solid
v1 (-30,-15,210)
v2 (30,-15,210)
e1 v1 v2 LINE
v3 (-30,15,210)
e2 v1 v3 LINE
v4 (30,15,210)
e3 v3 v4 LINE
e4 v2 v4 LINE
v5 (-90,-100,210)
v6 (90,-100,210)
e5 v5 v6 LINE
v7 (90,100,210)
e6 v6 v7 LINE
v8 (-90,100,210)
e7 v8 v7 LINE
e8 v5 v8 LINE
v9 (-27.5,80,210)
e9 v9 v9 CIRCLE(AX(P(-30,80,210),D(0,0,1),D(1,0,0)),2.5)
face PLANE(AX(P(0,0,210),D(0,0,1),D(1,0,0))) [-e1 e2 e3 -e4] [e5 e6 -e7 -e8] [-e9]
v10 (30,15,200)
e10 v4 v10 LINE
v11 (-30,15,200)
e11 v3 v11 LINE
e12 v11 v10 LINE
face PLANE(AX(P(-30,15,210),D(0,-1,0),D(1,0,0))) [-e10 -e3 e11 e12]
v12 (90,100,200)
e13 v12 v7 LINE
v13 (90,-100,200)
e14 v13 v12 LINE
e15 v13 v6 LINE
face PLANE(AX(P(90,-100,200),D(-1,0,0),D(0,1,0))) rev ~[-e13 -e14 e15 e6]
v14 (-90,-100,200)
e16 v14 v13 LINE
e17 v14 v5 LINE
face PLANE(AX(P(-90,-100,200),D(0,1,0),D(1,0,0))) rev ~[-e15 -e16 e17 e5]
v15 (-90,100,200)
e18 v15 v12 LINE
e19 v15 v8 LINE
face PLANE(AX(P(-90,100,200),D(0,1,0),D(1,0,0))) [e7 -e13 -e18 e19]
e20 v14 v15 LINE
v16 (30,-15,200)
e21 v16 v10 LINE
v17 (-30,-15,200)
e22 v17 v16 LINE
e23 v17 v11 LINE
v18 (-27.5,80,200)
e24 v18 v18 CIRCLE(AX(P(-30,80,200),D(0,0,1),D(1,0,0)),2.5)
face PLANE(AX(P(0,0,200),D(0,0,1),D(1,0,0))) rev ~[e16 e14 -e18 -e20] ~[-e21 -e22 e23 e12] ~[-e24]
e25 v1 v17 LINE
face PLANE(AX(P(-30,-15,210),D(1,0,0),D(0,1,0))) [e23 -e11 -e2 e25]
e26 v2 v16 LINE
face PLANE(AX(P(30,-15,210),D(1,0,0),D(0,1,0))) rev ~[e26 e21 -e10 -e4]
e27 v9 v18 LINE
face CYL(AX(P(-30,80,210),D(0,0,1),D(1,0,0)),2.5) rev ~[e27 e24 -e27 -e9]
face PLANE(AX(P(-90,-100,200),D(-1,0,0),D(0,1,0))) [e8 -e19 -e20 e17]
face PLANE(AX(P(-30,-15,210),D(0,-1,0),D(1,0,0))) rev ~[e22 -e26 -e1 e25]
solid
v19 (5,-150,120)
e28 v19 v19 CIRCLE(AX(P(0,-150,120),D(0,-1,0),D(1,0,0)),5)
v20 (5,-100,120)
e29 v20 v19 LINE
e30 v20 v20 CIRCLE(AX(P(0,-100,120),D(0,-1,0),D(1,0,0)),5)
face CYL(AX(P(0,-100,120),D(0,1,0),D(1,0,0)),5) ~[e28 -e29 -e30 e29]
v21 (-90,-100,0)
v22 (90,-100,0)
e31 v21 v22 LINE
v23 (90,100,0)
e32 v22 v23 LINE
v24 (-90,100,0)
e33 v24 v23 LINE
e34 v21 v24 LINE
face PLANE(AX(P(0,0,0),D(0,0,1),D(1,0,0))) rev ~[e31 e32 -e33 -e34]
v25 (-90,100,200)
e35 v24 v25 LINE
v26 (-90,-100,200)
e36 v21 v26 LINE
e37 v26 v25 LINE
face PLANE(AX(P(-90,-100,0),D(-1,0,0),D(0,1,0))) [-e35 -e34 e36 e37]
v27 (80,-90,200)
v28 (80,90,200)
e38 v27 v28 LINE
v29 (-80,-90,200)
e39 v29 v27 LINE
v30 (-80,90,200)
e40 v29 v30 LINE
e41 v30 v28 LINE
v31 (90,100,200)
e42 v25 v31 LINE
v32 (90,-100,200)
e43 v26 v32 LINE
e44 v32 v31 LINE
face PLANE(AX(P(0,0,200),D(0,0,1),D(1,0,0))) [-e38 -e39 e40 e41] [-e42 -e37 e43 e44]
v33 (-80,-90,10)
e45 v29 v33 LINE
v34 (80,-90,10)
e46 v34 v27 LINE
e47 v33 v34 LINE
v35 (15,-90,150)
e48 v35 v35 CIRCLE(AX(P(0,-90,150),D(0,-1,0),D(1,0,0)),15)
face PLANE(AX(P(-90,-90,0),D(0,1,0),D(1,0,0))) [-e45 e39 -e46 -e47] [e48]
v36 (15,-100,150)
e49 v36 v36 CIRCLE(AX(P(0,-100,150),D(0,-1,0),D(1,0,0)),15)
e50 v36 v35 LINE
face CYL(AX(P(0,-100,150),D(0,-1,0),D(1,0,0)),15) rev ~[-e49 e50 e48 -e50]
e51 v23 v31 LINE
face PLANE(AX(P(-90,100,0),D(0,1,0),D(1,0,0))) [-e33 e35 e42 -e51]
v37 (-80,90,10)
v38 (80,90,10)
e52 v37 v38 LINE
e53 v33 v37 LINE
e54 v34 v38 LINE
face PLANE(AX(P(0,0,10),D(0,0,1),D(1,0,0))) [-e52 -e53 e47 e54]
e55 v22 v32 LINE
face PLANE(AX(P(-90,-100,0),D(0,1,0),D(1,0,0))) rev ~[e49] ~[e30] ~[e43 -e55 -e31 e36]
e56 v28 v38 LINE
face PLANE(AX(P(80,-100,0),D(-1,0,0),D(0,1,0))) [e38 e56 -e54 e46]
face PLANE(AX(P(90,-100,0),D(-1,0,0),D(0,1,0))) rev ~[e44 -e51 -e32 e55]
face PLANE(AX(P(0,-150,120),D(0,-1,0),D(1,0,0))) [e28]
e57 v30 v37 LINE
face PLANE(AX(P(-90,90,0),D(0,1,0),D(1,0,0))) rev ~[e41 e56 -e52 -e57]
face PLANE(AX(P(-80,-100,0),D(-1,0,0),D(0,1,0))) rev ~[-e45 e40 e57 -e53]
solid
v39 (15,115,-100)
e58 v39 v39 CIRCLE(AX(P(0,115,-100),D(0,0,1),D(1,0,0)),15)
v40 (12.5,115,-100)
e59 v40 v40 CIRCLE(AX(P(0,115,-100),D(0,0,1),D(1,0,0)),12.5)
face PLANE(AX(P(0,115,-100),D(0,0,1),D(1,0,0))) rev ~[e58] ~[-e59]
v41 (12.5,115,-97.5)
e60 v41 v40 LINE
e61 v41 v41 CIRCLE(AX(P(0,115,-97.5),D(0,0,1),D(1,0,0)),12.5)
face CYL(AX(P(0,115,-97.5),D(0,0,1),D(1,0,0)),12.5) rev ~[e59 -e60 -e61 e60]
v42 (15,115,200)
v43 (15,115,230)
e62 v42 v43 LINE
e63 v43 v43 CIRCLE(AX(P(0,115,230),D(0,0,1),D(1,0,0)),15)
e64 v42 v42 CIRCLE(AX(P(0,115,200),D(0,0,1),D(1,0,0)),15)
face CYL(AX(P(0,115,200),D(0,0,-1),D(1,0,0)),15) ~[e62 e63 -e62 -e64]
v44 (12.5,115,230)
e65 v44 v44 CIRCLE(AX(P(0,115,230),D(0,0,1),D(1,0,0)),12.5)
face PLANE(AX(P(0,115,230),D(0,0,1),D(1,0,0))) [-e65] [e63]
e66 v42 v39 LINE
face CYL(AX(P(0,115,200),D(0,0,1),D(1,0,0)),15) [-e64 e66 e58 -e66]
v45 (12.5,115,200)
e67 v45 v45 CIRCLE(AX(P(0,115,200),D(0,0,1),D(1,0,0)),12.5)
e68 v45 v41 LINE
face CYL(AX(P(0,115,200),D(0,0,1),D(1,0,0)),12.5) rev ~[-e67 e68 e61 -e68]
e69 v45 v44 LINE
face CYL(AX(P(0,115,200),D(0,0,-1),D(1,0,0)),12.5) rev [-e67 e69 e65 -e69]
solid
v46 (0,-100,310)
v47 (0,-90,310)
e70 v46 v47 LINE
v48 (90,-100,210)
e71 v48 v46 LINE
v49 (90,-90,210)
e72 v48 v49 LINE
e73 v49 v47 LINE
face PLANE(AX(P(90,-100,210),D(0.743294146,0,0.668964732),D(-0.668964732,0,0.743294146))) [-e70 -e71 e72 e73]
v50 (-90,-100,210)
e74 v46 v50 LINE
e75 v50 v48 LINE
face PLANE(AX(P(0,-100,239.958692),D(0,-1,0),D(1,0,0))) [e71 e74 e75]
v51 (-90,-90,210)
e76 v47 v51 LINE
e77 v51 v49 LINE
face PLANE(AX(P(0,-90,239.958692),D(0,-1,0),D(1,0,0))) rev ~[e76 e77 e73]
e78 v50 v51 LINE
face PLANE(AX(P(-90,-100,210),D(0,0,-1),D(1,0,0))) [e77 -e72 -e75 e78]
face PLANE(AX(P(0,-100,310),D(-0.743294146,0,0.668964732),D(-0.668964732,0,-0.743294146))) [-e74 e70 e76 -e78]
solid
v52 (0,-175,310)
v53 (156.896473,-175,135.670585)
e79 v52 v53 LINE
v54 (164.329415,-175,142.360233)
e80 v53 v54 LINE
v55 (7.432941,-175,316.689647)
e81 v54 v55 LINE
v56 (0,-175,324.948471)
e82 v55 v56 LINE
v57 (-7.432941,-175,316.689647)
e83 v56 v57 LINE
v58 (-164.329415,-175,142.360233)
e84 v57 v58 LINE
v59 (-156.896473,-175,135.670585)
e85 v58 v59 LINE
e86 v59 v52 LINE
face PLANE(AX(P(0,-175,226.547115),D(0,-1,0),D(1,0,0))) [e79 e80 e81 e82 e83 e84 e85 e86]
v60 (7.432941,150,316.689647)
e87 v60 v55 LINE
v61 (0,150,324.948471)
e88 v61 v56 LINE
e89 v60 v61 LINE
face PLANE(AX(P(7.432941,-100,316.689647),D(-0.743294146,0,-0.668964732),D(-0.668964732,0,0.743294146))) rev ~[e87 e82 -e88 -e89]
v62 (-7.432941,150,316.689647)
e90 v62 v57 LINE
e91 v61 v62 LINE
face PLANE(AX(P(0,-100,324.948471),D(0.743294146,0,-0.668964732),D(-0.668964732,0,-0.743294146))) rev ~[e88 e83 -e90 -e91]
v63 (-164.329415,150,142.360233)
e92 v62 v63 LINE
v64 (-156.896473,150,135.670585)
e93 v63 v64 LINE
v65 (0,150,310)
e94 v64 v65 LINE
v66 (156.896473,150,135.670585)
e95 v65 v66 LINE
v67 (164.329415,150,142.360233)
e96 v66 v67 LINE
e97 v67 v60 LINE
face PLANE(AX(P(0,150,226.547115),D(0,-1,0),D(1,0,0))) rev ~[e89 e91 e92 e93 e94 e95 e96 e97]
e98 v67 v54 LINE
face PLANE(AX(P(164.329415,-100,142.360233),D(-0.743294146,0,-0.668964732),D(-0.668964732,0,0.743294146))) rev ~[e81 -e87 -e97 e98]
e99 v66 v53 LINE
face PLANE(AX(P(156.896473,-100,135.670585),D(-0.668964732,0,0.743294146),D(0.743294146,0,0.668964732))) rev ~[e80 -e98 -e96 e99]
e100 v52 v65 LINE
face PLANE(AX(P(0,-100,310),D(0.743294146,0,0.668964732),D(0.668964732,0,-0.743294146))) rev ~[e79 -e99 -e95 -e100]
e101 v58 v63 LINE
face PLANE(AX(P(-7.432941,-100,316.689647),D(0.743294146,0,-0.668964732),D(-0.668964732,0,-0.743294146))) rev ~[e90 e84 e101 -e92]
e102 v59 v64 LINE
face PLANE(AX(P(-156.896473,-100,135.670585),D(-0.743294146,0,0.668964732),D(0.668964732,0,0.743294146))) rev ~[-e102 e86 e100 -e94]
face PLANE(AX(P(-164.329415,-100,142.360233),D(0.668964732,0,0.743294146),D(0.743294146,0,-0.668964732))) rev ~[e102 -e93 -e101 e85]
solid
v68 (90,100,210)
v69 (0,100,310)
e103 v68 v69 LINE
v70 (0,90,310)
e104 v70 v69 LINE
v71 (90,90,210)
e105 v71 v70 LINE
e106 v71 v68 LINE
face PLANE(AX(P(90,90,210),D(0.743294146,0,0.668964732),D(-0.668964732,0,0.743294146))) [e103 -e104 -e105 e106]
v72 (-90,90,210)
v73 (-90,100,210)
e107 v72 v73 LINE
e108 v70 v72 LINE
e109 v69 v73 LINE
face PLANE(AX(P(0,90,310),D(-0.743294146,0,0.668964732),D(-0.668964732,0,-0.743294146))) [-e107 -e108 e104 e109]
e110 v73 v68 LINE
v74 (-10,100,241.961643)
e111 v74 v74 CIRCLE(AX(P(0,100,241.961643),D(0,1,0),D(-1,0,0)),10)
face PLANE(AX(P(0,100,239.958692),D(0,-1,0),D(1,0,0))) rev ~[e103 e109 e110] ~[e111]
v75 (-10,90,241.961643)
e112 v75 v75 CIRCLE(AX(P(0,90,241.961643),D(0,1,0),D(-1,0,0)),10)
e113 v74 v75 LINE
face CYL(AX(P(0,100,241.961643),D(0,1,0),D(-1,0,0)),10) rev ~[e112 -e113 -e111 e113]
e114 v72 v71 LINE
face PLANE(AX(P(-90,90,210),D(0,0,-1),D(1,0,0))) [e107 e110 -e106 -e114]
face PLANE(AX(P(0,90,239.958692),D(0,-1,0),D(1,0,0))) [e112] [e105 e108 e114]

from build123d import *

# Parameters (mm, degrees)
F0_W           = 180
F0_H           = 200
F1_DEPTH       = 200
F2_T           = -10
F3_R           = 15
F4_DEPTH       = 25
F3_R_2         = 5
F5_DEPTH       = 50
F7_DEPTH       = 300
F7_DEPTH_BACK  = 30
F8_W           = 180
F8_H           = 200
F8_W_2         = 160
F8_H_2         = 180
F9_DEPTH       = 10
F11_DEPTH      = 250
F11_DEPTH_BACK = 75
F12_DEPTH      = 10
F13_START      = -190
F13_DEPTH      = 10
F14_R          = 10
F15_DEPTH      = 10
F16_W          = 60
F16_H          = 30
F16_R          = 2.5
F17_DEPTH      = 25
F18_T          = -2.5
F19_DEPTH      = 25


with BuildPart() as f1:
    # F0 (on Top) → F1 (new body)
    with BuildSketch(Plane.XY):
        Rectangle(F0_W, F0_H)
    extrude(amount=F1_DEPTH)

    # F2
    f2_openings = [f1.faces().sort_by_distance(p)[0] for p in [
        (0, 0, 200),
    ]]
    offset(amount=F2_T, openings=f2_openings)

    # F3 (on face) → F4 (cut)
    with BuildSketch(Plane.XZ.offset(100)):
        with Locations((0, 150)):
            Circle(F3_R)
    extrude(amount=-F4_DEPTH, mode=Mode.SUBTRACT)

    # F3 (on face) → F5 (join)
    with BuildSketch(Plane.XZ.offset(100)):
        with Locations((0, 120)):
            Circle(F3_R_2)
    extrude(amount=F5_DEPTH)


with BuildPart() as f7:
    # F6 (on face) → F7 (new body, two sides)
    with BuildSketch(Plane.XY.offset(200)) as f7_sk:
        with BuildLine():
            ThreePointArc((7.38e-08, 100), (10.6066017439, 104.3933983083), (15, 115))
            ThreePointArc((15, 115), (-10.6066017439, 125.6066016917), (7.38e-08, 100))
        make_face()
    extrude(amount=-F7_DEPTH)
    extrude(f7_sk.sketch, amount=F7_DEPTH_BACK)

    # F18
    f18_openings = [f7.faces().sort_by_distance(p)[0] for p in [
        (0, 115, 230),
    ]]
    offset(amount=F18_T, openings=f18_openings)

    # F19 (cut): a face of the model
    f19_faces = [f7.faces().sort_by_distance(p)[0] for p in [
        (0, 115, -97.5),
    ]]
    extrude(f19_faces, amount=-F19_DEPTH, mode=Mode.SUBTRACT)


with BuildPart() as f9:
    # F8 (on face) → F9 (new body)
    with BuildSketch(Plane.XY.offset(200)):
        Rectangle(F8_W, F8_H)
        Rectangle(F8_W_2, F8_H_2, mode=Mode.SUBTRACT)
        Rectangle(F8_W_2, F8_H_2)
    extrude(amount=F9_DEPTH)

    # F16 (on face) → F17 (cut)
    with BuildSketch(Plane.XY.offset(210)):
        Rectangle(F16_W, F16_H)
        with Locations((-30, 80)):
            Circle(F16_R)
    extrude(amount=-F17_DEPTH, mode=Mode.SUBTRACT)


with BuildPart() as f11:
    # F10 (on face) → F11 (new body, two sides)
    with BuildSketch(Plane.XZ.offset(100)) as f11_sk:
        Polygon((-90, 210), (0, 310), (90, 210), (156.8964731622, 135.6705853753), (164.3294146247, 142.3602326915), (97.4329414625, 216.6896473162), (7.4329414625, 316.6896473162), (0, 324.9484711634), (-7.4329414625, 316.6896473162), (-97.4329414625, 216.6896473162), (-164.3294146247, 142.3602326915), (-156.8964731622, 135.6705853753), align=None)
    extrude(amount=-F11_DEPTH)
    extrude(f11_sk.sketch, amount=F11_DEPTH_BACK)


with BuildPart() as f12:
    # F10 (on face) → F12 (new body)
    with BuildSketch(Plane.XZ.offset(100)):
        Polygon((90, 210), (0, 310), (-90, 210), align=None)
    extrude(amount=-F12_DEPTH)


with BuildPart() as f13:
    # F10 (on face) → F13 (new body)
    with BuildSketch(Plane.XZ.offset(100).offset(F13_START)):
        Polygon((90, 210), (0, 310), (-90, 210), align=None)
    extrude(amount=-F13_DEPTH)

    # F14 (on face) → F15 (cut)
    with BuildSketch(Plane(origin=(0, 100, 0), x_dir=(-1, 0, 0), z_dir=(0, 1, 0))):
        with Locations((0, 241.9616430998)):
            Circle(F14_R)
    extrude(amount=-F15_DEPTH, mode=Mode.SUBTRACT)


solid = Compound([f1.part, f7.part, f9.part, f11.part, f12.part, f13.part])
